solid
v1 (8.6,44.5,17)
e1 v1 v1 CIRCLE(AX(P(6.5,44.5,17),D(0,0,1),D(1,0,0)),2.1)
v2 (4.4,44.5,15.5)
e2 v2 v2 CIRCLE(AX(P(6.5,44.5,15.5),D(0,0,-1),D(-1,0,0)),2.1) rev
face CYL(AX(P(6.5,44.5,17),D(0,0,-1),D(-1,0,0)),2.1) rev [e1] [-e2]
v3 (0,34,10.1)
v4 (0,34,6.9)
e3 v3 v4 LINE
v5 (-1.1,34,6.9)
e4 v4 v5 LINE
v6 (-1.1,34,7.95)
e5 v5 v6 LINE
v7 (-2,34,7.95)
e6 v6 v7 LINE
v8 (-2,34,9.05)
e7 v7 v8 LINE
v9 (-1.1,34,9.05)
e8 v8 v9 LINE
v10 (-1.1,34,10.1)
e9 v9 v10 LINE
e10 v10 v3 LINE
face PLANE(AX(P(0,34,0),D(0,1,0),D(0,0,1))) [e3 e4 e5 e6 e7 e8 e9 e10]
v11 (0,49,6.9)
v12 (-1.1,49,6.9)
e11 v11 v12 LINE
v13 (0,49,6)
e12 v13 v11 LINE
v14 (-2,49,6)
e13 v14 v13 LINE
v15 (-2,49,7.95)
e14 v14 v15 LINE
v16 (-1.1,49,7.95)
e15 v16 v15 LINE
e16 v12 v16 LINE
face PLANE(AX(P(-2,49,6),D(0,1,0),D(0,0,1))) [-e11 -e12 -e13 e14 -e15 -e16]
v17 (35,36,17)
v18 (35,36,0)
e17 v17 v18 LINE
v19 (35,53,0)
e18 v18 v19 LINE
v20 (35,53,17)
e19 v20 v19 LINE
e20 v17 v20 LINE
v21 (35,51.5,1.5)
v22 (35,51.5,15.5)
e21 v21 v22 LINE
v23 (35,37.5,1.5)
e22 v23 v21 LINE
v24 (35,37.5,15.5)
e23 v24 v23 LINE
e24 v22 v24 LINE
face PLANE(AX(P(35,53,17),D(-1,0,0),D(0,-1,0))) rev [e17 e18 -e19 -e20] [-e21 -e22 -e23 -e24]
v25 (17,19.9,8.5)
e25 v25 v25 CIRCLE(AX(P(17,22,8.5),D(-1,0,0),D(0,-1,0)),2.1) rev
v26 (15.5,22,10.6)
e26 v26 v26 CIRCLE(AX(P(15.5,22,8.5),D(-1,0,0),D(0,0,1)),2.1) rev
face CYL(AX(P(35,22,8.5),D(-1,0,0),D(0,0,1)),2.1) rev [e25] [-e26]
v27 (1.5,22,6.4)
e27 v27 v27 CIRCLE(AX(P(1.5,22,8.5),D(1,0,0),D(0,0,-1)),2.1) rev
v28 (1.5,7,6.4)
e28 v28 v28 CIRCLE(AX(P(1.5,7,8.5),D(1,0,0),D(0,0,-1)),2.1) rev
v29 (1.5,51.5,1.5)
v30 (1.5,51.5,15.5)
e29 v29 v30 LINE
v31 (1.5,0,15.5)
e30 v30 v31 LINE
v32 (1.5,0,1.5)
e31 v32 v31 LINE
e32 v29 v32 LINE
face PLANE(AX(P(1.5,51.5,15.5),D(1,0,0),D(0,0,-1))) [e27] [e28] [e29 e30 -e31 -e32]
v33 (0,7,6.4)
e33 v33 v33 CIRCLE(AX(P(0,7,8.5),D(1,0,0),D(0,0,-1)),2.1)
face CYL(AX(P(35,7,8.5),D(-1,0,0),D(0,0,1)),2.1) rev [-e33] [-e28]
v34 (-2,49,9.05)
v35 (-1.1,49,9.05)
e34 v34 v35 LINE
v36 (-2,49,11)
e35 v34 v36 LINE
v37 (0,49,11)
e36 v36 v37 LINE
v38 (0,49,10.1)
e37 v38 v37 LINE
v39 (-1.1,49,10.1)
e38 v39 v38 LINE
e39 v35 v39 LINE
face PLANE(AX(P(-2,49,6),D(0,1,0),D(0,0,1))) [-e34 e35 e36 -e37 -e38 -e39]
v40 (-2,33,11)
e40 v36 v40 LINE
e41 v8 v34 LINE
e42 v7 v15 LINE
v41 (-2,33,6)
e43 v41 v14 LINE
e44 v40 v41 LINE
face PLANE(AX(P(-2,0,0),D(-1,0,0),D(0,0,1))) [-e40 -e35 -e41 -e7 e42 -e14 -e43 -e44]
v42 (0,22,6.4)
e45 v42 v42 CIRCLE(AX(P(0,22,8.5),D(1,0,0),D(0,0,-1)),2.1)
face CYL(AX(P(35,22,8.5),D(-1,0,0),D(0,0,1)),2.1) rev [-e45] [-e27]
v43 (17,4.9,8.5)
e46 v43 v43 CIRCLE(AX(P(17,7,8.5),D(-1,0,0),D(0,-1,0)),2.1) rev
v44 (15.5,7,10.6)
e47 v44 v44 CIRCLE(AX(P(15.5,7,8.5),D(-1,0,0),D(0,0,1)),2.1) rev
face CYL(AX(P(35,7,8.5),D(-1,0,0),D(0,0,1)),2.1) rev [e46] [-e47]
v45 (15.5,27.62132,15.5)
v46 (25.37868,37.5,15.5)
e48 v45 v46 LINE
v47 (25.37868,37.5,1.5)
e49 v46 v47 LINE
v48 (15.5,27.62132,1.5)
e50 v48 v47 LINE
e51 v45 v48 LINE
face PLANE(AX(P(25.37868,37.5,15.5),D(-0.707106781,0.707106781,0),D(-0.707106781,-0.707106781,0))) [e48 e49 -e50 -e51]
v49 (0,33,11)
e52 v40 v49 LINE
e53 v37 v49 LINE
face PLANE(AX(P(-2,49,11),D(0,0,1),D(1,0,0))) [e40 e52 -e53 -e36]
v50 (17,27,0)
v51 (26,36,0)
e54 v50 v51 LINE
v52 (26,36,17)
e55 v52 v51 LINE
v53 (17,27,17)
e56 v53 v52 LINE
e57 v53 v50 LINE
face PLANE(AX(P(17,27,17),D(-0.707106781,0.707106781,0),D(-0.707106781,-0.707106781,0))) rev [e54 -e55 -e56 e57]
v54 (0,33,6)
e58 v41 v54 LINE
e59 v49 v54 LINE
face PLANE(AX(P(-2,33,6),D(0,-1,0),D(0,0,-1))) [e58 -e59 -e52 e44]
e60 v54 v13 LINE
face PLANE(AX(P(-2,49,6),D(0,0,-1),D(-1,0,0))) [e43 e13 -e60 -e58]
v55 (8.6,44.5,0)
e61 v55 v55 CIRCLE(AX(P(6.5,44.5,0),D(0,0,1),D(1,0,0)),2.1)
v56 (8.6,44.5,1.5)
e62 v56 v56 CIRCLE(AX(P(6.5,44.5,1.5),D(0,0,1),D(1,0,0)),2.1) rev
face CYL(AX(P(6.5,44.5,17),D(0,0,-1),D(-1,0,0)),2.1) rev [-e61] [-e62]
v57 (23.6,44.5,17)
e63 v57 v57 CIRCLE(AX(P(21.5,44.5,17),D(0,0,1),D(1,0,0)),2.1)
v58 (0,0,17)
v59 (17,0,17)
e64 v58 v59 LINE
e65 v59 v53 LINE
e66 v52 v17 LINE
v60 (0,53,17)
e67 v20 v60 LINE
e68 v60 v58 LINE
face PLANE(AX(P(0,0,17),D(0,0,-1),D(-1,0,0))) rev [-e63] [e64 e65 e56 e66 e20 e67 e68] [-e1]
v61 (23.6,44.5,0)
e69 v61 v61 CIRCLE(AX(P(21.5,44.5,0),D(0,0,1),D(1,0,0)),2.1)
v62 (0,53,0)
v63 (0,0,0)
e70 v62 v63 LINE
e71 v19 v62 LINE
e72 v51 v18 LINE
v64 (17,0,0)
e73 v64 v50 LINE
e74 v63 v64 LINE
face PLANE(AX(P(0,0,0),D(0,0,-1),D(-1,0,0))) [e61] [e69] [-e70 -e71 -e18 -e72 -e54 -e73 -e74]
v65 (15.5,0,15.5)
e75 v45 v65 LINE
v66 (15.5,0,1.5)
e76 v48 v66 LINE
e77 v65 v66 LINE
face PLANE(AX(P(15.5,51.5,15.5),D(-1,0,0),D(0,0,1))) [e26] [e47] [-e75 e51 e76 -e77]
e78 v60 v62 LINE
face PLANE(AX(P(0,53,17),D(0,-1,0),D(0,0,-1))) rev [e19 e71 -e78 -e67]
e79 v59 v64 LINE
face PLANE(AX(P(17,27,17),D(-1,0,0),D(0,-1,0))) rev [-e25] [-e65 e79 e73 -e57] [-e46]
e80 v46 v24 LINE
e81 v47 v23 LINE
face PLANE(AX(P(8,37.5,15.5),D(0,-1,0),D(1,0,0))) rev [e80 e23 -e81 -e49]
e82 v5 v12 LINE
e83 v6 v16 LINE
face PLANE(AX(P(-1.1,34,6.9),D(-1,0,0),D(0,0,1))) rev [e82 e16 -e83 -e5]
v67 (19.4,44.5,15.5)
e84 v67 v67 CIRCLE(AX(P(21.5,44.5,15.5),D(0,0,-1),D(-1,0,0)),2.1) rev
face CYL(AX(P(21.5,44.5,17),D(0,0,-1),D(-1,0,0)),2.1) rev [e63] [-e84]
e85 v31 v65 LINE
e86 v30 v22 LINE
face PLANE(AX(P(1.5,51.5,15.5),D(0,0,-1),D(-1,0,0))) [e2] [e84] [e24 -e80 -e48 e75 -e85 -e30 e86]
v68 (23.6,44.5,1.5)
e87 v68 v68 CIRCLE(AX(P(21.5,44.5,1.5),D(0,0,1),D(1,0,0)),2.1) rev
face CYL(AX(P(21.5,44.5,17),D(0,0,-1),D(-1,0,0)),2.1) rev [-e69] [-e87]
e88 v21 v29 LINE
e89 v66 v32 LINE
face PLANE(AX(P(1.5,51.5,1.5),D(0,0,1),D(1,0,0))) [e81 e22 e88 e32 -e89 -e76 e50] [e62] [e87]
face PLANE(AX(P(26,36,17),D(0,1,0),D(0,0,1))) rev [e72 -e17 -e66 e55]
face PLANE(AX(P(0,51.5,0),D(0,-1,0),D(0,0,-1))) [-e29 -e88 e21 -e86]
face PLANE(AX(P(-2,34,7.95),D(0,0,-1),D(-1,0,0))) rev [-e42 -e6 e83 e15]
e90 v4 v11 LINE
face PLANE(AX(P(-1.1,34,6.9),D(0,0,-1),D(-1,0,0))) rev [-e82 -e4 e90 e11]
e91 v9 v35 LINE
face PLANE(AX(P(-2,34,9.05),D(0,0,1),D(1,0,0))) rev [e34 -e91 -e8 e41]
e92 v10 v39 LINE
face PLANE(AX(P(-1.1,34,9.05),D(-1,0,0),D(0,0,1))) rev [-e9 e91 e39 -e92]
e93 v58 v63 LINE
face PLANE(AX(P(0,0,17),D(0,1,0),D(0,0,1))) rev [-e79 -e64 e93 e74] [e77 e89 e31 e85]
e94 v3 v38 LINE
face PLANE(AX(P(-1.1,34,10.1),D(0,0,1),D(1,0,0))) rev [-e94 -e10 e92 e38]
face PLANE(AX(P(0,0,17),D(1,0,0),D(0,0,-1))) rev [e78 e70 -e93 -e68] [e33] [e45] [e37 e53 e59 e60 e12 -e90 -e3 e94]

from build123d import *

# Parameters (mm, degrees)
SHAPE_DEPTH                  = 17
SKETCH2_W                    = 14
SKETCH2_H                    = 14
THRUST_LOAD_CELL_SLOT_DEPTH  = 51.5
CHAMFER_HOLLOWING_DEPTH      = 14
SKETCH3_R                    = 2.1
THRUST_LOAD_CELL_HOLES_DEPTH = 66.749524713
SKETCH4_W                    = 14
SKETCH4_H                    = 14
TORQUE_LOAD_CELL_SLOT_DEPTH  = 27
SKETCH7_R                    = 2.1
TORQUE_LOAD_CELL_HOLES_DEPTH = 66.749524713
SKETCH8_W                    = 5
SKETCH8_H                    = 16
BOSS_EXTRUDE2_DEPTH          = 2
CUT_EXTRUDE1_DEPTH           = 15


with BuildPart() as part:
    # Sketch1 → Shape (new body)
    with BuildSketch(Plane.XY):
        Polygon((0, 0), (17, 0), (17, 27), (26, 36), (35, 36), (35, 53), (0, 53), align=None)
    extrude(amount=SHAPE_DEPTH)

    # Sketch2 → Thrust Load Cell Slot (cut)
    with BuildSketch(Plane(origin=(0, 0, 0), x_dir=(1, 0, 0), z_dir=(0, 1, 0))):
        with Locations((8.5, -8.5)):
            Rectangle(SKETCH2_W, SKETCH2_H)
    extrude(amount=THRUST_LOAD_CELL_SLOT_DEPTH, mode=Mode.SUBTRACT)

    # Sketch6 → Chamfer Hollowing (cut)
    with BuildSketch(Plane.XY.offset(1.5)):
        Polygon((25.378679656, 37.5), (15.5, 27.621320344), (15.5, 37.5), align=None)
    extrude(amount=CHAMFER_HOLLOWING_DEPTH, mode=Mode.SUBTRACT)

    # Sketch3 → Thrust Load Cell Holes (cut, through all)
    with BuildSketch(Plane(origin=(0, 0, 0), x_dir=(0, 0, -1), z_dir=(1, 0, 0))):
        with Locations((-8.5, 22)):
            Circle(SKETCH3_R)
        with Locations((-8.5, 7)):
            Circle(SKETCH3_R)
    extrude(amount=THRUST_LOAD_CELL_HOLES_DEPTH, mode=Mode.SUBTRACT)

    # Sketch4 → Torque Load Cell Slot (cut)
    with BuildSketch(Plane(origin=(35, 0, 0), x_dir=(0, 0, -1), z_dir=(1, 0, 0))):
        with Locations((-8.5, 44.5)):
            Rectangle(SKETCH4_W, SKETCH4_H)
    extrude(amount=-TORQUE_LOAD_CELL_SLOT_DEPTH, mode=Mode.SUBTRACT)

    # Sketch7 → Torque Load Cell Holes (cut, through all)
    with BuildSketch(Plane.XY):
        with Locations((6.5, 44.5)):
            Circle(SKETCH7_R)
        with Locations((21.5, 44.5)):
            Circle(SKETCH7_R)
    extrude(amount=TORQUE_LOAD_CELL_HOLES_DEPTH, mode=Mode.SUBTRACT)

    # Sketch8 → Boss-Extrude2 (add)
    with BuildSketch(Plane(origin=(0, 0, 0), x_dir=(0, 0, -1), z_dir=(1, 0, 0))):
        with Locations((-8.5, 41)):
            Rectangle(SKETCH8_W, SKETCH8_H)
    extrude(amount=-BOSS_EXTRUDE2_DEPTH)

    # Sketch9 → Cut-Extrude1 (cut)
    with BuildSketch(Plane(origin=(0, 49, 0), x_dir=(1, 0, 0), z_dir=(0, 1, 0))):
        Polygon((-2, -7.95), (-1.1, -7.95), (-1.1, -6.9), (0, -6.9), (0, -10.1), (-1.1, -10.1), (-1.1, -9.05), (-2, -9.05), align=None)
    extrude(amount=-CUT_EXTRUDE1_DEPTH, mode=Mode.SUBTRACT)


solid = part.part
